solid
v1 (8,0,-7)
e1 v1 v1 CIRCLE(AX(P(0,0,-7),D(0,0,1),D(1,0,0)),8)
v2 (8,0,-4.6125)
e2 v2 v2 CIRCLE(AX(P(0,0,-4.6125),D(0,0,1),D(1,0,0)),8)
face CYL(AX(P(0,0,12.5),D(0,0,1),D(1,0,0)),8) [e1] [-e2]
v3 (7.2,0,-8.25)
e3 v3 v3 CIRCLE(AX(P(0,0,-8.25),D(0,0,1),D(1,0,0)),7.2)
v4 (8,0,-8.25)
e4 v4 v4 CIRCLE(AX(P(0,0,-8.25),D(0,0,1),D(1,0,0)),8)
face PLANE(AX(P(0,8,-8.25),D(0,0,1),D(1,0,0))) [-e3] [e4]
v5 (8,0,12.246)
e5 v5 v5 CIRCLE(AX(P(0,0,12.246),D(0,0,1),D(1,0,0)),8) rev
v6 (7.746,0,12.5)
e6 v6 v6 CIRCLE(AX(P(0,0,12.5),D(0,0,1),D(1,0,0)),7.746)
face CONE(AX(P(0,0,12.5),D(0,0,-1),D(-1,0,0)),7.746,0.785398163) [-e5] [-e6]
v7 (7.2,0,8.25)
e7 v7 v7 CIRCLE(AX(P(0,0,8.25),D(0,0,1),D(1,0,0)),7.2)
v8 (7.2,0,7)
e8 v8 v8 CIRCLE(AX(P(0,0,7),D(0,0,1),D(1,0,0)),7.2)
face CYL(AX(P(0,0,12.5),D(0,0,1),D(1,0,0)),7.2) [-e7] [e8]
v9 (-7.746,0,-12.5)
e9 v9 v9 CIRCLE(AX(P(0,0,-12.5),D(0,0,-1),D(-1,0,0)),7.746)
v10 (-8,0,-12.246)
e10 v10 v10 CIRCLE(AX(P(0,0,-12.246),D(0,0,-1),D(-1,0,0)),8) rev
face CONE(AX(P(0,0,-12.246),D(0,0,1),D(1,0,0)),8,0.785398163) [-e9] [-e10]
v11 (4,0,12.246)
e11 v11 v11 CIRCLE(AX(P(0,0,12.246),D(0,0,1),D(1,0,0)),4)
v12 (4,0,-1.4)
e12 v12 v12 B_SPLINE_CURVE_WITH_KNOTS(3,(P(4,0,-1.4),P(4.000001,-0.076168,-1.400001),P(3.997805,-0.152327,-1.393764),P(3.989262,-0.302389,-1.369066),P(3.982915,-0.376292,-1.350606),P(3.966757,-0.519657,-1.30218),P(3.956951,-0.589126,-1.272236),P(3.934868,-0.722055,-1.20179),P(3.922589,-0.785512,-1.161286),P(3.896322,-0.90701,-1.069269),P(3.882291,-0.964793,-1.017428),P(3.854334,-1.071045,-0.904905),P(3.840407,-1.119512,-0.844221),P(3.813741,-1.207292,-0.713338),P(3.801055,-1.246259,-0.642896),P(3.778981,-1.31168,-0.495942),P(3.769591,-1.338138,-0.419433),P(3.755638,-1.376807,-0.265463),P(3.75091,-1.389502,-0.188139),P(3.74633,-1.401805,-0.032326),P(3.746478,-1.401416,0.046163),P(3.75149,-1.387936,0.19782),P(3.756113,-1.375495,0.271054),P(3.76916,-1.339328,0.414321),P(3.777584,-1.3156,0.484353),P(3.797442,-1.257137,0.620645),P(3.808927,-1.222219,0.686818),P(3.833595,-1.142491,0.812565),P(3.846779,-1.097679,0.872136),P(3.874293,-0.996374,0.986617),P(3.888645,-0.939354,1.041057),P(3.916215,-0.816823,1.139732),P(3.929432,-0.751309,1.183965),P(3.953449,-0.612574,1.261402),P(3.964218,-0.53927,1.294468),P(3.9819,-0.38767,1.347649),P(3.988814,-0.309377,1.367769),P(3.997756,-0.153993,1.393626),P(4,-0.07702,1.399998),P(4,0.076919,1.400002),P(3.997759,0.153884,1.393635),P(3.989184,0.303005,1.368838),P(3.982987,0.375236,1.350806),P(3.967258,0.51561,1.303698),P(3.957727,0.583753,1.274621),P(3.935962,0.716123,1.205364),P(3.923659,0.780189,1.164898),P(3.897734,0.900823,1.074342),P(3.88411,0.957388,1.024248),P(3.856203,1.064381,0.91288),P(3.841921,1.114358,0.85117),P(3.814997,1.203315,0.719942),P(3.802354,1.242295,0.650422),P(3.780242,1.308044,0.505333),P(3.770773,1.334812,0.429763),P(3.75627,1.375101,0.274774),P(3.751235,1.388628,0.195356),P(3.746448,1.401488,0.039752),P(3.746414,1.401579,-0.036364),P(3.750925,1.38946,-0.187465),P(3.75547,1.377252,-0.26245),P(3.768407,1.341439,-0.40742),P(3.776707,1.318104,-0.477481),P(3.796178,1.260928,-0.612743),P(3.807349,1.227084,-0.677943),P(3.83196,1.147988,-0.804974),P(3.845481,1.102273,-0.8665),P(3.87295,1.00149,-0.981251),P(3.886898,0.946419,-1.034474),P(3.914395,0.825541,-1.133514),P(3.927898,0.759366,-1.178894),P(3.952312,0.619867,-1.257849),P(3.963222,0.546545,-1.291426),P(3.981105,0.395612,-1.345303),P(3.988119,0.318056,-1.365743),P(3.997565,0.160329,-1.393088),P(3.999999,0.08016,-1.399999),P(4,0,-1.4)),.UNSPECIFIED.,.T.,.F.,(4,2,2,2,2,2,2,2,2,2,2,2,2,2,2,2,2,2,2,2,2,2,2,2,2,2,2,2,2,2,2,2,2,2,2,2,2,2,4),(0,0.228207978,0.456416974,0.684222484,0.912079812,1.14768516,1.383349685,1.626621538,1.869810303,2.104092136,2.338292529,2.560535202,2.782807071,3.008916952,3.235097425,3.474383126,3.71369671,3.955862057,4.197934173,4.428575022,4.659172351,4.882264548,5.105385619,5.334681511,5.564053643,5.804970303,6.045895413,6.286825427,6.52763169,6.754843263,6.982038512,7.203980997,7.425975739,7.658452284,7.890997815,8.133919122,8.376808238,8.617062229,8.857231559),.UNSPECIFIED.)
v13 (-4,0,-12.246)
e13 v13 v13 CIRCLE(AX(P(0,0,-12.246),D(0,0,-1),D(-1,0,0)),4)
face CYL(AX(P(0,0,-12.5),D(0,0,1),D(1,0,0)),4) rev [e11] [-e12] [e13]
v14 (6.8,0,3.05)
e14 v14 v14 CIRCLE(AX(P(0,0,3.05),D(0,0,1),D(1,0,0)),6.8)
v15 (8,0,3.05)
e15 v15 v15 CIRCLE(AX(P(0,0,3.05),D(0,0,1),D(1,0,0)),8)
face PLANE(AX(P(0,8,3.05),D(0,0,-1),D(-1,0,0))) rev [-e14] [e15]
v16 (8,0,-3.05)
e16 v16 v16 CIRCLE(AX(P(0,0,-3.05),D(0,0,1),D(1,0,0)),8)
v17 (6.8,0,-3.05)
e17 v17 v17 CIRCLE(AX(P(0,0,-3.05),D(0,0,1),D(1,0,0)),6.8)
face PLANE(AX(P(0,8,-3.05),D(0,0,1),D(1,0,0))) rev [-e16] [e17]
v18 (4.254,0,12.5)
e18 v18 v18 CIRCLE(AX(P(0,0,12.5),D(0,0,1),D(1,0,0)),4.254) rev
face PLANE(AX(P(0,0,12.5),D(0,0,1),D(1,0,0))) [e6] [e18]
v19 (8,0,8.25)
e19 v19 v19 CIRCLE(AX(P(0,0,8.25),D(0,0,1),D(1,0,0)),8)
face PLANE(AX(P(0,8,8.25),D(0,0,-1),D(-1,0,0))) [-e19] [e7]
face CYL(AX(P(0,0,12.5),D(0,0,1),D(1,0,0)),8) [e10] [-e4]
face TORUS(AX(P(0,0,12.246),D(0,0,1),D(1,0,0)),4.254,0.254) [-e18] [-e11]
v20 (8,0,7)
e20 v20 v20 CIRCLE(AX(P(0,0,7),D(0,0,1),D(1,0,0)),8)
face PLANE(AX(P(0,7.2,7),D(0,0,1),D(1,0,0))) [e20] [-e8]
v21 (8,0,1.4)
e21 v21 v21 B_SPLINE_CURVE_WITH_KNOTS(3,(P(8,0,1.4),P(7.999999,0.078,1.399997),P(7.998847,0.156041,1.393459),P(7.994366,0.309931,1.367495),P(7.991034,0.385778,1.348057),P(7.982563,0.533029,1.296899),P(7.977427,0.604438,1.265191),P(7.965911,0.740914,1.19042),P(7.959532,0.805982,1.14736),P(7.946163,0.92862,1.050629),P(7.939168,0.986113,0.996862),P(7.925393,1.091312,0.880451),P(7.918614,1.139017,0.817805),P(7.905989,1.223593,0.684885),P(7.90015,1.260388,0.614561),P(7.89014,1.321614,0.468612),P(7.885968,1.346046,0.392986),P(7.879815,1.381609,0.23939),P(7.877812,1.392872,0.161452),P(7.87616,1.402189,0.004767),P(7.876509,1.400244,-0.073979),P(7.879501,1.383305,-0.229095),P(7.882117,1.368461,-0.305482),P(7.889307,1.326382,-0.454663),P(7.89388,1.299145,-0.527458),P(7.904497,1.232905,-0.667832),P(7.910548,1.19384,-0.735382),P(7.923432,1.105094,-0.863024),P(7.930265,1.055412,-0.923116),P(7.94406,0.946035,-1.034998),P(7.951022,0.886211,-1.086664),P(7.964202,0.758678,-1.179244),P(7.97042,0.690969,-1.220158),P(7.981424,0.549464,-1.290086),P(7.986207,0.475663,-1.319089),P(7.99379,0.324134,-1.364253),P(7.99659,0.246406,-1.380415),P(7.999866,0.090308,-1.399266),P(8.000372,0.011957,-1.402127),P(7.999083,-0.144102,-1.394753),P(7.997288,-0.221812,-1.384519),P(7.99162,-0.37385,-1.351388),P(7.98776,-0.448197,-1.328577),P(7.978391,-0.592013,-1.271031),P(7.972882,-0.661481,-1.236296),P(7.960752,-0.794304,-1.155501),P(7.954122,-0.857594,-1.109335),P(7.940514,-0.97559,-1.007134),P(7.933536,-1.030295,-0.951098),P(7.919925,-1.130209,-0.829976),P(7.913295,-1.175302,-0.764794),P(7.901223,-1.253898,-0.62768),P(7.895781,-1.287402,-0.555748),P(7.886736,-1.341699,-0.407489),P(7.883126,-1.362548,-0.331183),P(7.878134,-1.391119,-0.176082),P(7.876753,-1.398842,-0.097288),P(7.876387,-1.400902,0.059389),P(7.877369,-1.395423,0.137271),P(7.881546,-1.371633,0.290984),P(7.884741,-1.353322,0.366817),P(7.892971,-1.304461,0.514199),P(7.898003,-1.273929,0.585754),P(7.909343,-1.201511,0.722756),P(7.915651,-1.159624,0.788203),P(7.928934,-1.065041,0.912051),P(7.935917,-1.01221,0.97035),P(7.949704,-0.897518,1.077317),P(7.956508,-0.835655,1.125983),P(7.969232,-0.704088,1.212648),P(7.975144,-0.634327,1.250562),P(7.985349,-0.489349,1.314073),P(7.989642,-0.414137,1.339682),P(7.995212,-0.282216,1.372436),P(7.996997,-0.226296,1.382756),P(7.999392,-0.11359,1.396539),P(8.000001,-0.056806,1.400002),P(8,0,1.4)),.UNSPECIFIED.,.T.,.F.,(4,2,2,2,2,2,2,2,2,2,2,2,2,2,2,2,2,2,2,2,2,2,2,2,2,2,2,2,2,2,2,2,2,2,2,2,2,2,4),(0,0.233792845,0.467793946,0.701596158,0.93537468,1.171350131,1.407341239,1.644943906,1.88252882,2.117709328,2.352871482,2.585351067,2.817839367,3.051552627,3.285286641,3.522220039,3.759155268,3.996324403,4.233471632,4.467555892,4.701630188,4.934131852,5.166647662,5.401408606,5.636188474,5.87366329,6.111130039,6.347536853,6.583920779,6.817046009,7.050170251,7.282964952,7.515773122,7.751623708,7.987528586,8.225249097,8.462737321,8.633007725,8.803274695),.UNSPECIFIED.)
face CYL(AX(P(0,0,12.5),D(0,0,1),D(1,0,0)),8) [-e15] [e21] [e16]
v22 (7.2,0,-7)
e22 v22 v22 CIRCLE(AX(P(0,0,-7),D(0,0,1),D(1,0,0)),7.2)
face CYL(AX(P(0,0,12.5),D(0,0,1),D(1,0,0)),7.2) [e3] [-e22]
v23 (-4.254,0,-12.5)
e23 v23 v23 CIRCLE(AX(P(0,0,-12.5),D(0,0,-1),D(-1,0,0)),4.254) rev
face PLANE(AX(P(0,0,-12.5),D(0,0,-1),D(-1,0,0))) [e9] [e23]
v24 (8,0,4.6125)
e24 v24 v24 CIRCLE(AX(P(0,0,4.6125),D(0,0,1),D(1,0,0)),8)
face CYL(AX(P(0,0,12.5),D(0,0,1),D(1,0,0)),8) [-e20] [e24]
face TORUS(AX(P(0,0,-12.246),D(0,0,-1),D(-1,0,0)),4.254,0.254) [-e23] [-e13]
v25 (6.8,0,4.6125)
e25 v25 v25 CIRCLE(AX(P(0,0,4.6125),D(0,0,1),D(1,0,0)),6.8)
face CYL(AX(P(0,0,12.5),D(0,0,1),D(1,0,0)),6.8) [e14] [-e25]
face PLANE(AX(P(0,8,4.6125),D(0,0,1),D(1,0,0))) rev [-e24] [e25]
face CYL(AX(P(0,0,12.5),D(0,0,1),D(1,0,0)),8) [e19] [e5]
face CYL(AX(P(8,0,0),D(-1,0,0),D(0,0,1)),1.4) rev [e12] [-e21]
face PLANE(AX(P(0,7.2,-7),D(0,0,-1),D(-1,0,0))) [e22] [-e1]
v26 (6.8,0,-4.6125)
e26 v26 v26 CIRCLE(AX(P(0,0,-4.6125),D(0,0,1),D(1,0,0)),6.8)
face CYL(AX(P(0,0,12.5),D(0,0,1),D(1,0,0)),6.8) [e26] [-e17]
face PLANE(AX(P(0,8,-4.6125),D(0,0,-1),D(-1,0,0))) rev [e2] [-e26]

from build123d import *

# Parameters (mm, degrees)
BORE_DEPTH           = 17.8597153
BORE_DEPTH_BACK      = 17.8597153
SKETCH2_R            = 4
RETAINING_HOLE_2_R   = 1.4
RETAINING_HOLE_DEPTH = 17.8597153
ID_FILLET_R          = 0.254
OD_CHAMFER_SIZE      = 0.254
O_RINGS_2_W          = 1.5625
O_RINGS_2_H          = 1.2


with BuildPart() as part:
    # Sketch1 → Bearing (revolve)
    with BuildSketch(Plane(origin=(0, 0, 0), x_dir=(0, 0, -1), z_dir=(1, 0, 0))):
        Polygon((-12.5, 0), (12.5, 0), (12.5, -8), (8.25, -8), (8.25, -7.2), (7, -7.2), (7, -8), (-7, -8), (-7, -7.2), (-8.25, -7.2), (-8.25, -8), (-12.5, -8), align=None)
    revolve(axis=Axis((0, 0, 12.5), (0, 0, -1)))

    # Sketch2 → Bore (cut, two sides: drawn at the far end of the back side and taken through both)
    with BuildSketch(Plane.XY.offset(-BORE_DEPTH_BACK)):
        Circle(SKETCH2_R)
    extrude(amount=BORE_DEPTH + BORE_DEPTH_BACK, mode=Mode.SUBTRACT)

    # Retaining Hole 2 → Retaining Hole (cut, through all)
    with BuildSketch(Plane(origin=(0, 0, 0), x_dir=(0, 0, -1), z_dir=(1, 0, 0))):
        Circle(RETAINING_HOLE_2_R)
    extrude(amount=RETAINING_HOLE_DEPTH, mode=Mode.SUBTRACT)

    # ID Fillet
    id_fillet_edges = [part.edges().sort_by_distance(p)[0] for p in [
        (-4, 0, -12.5),
        (-4, 0, 12.5),
    ]]
    fillet(id_fillet_edges, radius=ID_FILLET_R)

    # OD Chamfer
    od_chamfer_edges = [part.edges().sort_by_distance(p)[0] for p in [
        (0, 8, -12.5),
        (0, 8, 12.5),
    ]]
    chamfer(od_chamfer_edges, length=OD_CHAMFER_SIZE)

    # O-Rings 2 → O-Rings (revolve, cut)
    with BuildSketch(Plane(origin=(0, 0, 0), x_dir=(0, 0, -1), z_dir=(1, 0, 0))):
        with Locations((-3.83125, -7.4)):
            Rectangle(O_RINGS_2_W, O_RINGS_2_H)
        with Locations((3.83125, -7.4)):
            Rectangle(O_RINGS_2_W, O_RINGS_2_H)
    revolve(axis=Axis((0, 0, 12.5), (0, 0, -1)), mode=Mode.SUBTRACT)


solid = part.part
